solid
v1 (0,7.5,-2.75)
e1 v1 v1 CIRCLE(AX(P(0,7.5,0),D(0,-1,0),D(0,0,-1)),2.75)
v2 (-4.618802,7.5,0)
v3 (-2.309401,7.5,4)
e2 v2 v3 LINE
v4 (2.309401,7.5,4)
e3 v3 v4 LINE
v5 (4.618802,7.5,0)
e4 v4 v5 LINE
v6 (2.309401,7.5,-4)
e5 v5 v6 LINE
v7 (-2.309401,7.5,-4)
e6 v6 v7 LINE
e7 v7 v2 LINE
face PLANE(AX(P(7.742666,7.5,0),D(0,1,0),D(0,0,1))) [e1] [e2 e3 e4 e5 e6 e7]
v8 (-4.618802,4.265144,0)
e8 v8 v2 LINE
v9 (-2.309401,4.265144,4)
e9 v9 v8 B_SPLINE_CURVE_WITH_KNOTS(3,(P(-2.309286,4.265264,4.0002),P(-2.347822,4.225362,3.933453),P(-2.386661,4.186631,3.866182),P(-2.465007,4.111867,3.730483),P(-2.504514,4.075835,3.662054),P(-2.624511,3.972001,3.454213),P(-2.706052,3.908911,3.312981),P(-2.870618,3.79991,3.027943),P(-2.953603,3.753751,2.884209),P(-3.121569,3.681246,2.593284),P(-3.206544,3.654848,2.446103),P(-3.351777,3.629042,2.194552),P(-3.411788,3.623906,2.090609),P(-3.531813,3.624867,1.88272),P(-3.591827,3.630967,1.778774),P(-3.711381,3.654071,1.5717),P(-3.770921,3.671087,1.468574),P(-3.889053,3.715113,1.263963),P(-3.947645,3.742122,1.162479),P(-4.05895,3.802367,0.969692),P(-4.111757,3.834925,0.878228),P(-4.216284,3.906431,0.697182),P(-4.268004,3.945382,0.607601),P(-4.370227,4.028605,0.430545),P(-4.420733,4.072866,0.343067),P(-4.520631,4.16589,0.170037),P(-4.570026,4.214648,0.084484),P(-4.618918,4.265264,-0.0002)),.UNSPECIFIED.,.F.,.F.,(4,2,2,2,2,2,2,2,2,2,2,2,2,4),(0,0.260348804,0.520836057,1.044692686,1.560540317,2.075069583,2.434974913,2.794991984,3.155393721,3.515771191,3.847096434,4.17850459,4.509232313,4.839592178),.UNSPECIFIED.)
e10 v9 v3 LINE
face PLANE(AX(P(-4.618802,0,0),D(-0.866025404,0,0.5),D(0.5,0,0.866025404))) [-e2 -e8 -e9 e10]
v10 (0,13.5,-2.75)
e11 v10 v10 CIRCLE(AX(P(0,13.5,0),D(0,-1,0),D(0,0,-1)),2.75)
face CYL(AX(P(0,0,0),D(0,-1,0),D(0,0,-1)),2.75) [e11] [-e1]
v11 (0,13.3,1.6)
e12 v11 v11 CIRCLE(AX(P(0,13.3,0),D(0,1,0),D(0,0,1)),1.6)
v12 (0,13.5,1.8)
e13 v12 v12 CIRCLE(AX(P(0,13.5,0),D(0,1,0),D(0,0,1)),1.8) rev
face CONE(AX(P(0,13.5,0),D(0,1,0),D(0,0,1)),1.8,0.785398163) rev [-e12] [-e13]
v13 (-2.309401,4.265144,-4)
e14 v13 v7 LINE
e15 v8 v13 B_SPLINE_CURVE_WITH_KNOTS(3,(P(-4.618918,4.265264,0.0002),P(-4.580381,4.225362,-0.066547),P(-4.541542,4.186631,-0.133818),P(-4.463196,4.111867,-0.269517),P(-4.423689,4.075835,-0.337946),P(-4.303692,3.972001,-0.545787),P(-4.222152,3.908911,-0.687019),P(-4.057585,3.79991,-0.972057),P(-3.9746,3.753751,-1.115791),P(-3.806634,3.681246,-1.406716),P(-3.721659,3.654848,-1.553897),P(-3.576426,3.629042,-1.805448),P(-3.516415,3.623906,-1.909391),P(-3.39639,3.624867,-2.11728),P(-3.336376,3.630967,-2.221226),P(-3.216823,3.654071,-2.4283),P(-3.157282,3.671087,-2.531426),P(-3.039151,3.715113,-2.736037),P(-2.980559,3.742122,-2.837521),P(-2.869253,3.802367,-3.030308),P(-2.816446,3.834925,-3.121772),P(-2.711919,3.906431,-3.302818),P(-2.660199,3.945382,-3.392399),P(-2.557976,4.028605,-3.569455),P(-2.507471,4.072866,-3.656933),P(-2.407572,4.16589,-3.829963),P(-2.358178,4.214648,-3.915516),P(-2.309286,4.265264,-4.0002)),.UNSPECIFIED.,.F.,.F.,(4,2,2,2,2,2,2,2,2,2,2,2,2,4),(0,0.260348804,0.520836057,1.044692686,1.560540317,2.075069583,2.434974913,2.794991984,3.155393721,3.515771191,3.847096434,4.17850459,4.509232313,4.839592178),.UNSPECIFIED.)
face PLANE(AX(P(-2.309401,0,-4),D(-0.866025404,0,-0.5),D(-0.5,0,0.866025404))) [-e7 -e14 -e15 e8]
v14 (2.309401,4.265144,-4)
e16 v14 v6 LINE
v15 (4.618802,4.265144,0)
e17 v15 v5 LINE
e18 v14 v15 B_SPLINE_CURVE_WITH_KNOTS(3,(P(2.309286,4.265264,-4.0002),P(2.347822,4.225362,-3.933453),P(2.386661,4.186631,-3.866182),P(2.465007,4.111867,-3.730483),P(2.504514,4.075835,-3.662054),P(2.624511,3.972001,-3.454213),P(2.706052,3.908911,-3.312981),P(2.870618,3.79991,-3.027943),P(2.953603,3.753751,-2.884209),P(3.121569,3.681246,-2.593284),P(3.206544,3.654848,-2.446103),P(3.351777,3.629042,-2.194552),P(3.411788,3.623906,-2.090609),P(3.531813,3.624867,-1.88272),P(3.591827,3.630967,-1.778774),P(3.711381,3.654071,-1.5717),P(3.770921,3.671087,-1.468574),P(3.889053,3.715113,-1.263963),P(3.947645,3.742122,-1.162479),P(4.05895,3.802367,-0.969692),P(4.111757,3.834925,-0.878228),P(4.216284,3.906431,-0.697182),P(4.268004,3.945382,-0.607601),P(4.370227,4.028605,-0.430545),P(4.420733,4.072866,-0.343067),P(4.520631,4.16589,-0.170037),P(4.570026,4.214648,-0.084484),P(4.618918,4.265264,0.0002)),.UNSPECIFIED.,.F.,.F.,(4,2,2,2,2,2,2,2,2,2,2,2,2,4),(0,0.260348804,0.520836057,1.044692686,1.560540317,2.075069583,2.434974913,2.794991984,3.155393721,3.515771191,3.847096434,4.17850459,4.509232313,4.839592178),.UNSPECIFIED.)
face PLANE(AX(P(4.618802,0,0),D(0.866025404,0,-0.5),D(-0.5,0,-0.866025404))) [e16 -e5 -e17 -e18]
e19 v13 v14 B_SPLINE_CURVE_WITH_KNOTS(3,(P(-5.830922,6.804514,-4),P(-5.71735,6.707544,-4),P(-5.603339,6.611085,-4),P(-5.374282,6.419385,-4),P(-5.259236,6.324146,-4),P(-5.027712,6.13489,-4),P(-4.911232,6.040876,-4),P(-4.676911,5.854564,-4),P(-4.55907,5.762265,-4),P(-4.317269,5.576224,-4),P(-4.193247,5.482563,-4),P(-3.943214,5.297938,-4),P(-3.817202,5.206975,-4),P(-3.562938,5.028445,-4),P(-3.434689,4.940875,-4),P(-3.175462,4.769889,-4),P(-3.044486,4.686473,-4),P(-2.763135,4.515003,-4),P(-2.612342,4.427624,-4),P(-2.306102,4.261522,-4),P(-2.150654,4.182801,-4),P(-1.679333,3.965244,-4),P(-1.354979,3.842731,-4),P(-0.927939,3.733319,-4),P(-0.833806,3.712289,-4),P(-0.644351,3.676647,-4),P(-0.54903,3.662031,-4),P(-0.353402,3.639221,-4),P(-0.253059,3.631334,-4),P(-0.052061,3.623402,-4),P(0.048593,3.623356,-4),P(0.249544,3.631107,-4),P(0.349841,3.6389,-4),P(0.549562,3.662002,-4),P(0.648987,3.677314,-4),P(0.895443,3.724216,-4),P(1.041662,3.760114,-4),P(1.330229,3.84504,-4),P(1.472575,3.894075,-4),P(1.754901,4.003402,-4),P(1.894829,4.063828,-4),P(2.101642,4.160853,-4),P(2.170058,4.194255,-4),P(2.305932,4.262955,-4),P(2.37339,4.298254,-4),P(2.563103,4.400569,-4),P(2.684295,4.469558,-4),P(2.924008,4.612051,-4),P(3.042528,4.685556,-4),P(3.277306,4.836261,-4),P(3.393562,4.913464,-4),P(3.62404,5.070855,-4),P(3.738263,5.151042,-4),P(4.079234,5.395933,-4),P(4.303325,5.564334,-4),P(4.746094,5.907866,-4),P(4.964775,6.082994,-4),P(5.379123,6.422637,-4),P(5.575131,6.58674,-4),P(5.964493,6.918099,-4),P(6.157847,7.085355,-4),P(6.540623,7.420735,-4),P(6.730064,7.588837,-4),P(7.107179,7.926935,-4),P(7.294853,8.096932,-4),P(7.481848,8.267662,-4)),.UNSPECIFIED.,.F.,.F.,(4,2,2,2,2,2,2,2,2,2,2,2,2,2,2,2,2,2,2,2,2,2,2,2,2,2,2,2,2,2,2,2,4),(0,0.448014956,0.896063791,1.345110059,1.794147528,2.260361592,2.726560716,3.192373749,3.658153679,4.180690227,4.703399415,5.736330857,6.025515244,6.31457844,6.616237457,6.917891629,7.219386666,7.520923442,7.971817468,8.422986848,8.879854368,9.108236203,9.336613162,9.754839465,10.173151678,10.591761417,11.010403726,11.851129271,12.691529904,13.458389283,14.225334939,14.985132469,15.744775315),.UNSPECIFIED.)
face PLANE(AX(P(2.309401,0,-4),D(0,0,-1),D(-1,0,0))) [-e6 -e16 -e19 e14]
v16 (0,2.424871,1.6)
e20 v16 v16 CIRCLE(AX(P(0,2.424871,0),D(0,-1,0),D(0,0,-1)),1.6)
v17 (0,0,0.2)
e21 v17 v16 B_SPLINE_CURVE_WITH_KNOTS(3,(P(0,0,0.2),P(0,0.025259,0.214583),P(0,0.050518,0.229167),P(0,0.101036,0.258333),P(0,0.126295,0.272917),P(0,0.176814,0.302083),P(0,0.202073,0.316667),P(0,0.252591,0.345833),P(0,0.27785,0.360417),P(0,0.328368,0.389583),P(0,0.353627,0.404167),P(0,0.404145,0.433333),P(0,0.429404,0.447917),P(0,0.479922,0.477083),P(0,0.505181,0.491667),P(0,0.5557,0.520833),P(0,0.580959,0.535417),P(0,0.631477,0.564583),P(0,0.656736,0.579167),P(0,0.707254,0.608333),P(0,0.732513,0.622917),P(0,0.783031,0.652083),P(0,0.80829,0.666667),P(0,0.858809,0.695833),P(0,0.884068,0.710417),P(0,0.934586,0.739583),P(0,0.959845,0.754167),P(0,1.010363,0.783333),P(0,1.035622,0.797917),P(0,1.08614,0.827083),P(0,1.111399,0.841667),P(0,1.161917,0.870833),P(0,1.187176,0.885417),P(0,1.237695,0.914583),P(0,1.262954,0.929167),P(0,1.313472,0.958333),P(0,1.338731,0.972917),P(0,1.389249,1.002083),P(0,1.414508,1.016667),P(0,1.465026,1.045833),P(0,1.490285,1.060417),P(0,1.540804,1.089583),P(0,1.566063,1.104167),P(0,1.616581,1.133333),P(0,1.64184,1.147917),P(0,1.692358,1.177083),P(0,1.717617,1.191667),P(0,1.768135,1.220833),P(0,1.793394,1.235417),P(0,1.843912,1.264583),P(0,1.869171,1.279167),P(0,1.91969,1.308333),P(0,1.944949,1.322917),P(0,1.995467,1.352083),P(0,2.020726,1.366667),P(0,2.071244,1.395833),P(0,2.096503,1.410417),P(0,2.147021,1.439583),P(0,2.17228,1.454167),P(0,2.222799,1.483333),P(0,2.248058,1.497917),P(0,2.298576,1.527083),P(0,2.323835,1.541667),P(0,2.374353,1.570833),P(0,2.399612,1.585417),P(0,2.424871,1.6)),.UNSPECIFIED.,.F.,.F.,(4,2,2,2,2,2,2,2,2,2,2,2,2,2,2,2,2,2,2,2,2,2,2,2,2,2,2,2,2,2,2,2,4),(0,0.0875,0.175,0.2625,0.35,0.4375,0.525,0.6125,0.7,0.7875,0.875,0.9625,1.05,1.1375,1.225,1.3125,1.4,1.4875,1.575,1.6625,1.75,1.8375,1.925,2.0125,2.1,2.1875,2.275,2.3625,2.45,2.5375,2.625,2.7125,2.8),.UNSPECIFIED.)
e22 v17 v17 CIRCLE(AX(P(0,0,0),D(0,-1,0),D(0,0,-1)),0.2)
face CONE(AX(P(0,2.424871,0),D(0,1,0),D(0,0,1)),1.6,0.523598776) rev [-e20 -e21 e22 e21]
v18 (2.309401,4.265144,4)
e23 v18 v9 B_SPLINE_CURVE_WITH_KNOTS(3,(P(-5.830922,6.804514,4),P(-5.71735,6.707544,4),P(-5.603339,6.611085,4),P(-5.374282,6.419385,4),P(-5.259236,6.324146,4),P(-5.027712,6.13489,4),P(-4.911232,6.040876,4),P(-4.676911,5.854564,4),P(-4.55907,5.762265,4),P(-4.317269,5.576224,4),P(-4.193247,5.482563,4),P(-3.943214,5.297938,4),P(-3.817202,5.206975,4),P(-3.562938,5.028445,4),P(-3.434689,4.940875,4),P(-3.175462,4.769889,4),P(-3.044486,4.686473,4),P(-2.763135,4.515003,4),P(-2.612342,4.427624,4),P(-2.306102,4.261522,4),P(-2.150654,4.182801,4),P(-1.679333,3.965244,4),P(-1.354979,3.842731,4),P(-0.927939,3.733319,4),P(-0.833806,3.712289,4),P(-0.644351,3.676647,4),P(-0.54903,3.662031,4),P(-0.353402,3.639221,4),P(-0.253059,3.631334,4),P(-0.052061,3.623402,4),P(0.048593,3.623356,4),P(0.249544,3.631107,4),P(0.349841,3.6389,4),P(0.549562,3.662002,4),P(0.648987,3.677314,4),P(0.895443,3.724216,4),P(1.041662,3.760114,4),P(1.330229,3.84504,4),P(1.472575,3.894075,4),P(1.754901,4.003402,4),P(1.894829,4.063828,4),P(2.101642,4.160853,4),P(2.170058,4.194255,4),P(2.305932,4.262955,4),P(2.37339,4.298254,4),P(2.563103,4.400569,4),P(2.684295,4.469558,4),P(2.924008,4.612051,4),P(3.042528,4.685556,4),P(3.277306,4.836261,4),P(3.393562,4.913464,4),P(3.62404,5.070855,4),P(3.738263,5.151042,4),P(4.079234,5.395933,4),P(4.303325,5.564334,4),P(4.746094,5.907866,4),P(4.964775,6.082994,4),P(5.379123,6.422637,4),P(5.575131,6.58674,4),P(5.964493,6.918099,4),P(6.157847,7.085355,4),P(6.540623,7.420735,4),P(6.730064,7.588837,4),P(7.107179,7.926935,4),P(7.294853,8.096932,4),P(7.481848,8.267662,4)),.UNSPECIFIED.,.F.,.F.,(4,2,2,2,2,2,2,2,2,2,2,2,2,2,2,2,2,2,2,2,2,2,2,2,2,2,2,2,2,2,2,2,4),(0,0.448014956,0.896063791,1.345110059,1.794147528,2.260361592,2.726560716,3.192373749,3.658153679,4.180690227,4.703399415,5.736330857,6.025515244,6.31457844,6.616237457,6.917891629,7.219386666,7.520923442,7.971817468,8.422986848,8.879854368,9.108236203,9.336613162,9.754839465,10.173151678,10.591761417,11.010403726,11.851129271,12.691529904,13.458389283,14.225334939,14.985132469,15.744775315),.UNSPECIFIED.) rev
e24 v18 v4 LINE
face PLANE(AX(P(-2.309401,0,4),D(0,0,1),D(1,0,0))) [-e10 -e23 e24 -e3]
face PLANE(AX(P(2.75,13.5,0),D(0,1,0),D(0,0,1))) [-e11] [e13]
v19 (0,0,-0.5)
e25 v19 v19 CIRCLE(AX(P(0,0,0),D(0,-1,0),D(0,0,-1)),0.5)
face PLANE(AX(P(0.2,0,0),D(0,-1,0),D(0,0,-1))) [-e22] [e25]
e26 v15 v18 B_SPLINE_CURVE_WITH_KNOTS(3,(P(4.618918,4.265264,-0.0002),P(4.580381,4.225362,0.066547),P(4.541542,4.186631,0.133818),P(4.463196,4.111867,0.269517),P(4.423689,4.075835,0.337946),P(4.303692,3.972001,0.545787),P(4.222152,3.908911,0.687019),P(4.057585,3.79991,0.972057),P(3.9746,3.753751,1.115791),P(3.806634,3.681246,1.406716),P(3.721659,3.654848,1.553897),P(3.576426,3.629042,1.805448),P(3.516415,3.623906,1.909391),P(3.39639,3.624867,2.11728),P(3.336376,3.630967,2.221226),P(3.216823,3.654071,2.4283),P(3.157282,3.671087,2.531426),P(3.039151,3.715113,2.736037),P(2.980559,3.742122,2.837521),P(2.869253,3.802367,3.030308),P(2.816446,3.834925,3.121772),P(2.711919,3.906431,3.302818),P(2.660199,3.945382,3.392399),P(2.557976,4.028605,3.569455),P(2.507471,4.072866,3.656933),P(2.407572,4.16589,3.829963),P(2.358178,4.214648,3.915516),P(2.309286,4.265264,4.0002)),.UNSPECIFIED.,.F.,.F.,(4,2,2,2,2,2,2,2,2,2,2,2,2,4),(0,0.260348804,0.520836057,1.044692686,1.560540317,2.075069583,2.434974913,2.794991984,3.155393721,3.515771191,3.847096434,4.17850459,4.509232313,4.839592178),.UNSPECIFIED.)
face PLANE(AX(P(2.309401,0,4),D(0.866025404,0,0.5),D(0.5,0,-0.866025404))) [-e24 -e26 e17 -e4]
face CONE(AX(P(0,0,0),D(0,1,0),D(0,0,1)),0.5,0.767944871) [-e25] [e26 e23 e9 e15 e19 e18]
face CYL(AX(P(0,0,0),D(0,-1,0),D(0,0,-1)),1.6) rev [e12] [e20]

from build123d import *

# Parameters (mm, degrees)
CROQUIS2_R            = 7.742665811
CORTAR_EXTRUIR1_DEPTH = 14.272066445
CHAFL_N1_SIZE         = 0.2


with BuildPart() as part:
    # Croquis1 → Revolución1 (revolve)
    with BuildSketch(Plane.XY, mode=Mode.PRIVATE) as revoluci_n1_sk:
        Polygon((0.2, 0), (0.5, 0), (7.742665811, 7.5), (2.75, 7.5), (2.75, 13.5), (1.6, 13.5), (1.6, 2.424871131), align=None)
    revolve(revoluci_n1_sk.sketch.rotate(Axis((0, 0, 0), (0, 1, 0)), 270), axis=Axis((0, 0, 0), (0, 1, 0)))

    # Croquis2 → Cortar-Extruir1 (cut, through all)
    with BuildSketch(Plane(origin=(0, 7.5, 0), x_dir=(1, 0, 0), z_dir=(0, 1, 0))):
        Circle(CROQUIS2_R)
        Polygon((2.309401077, 4), (-2.309401077, 4), (-4.618802154, 0), (-2.309401077, -4), (2.309401077, -4), (4.618802154, 0), align=None, mode=Mode.SUBTRACT)
    extrude(amount=-CORTAR_EXTRUIR1_DEPTH, mode=Mode.SUBTRACT)

    # Chaflán1
    chafl_n1_edges = [part.edges().sort_by_distance(p)[0] for p in [
        (0, 13.5, -1.6),
    ]]
    chamfer(chafl_n1_edges, length=CHAFL_N1_SIZE)


solid = part.part
